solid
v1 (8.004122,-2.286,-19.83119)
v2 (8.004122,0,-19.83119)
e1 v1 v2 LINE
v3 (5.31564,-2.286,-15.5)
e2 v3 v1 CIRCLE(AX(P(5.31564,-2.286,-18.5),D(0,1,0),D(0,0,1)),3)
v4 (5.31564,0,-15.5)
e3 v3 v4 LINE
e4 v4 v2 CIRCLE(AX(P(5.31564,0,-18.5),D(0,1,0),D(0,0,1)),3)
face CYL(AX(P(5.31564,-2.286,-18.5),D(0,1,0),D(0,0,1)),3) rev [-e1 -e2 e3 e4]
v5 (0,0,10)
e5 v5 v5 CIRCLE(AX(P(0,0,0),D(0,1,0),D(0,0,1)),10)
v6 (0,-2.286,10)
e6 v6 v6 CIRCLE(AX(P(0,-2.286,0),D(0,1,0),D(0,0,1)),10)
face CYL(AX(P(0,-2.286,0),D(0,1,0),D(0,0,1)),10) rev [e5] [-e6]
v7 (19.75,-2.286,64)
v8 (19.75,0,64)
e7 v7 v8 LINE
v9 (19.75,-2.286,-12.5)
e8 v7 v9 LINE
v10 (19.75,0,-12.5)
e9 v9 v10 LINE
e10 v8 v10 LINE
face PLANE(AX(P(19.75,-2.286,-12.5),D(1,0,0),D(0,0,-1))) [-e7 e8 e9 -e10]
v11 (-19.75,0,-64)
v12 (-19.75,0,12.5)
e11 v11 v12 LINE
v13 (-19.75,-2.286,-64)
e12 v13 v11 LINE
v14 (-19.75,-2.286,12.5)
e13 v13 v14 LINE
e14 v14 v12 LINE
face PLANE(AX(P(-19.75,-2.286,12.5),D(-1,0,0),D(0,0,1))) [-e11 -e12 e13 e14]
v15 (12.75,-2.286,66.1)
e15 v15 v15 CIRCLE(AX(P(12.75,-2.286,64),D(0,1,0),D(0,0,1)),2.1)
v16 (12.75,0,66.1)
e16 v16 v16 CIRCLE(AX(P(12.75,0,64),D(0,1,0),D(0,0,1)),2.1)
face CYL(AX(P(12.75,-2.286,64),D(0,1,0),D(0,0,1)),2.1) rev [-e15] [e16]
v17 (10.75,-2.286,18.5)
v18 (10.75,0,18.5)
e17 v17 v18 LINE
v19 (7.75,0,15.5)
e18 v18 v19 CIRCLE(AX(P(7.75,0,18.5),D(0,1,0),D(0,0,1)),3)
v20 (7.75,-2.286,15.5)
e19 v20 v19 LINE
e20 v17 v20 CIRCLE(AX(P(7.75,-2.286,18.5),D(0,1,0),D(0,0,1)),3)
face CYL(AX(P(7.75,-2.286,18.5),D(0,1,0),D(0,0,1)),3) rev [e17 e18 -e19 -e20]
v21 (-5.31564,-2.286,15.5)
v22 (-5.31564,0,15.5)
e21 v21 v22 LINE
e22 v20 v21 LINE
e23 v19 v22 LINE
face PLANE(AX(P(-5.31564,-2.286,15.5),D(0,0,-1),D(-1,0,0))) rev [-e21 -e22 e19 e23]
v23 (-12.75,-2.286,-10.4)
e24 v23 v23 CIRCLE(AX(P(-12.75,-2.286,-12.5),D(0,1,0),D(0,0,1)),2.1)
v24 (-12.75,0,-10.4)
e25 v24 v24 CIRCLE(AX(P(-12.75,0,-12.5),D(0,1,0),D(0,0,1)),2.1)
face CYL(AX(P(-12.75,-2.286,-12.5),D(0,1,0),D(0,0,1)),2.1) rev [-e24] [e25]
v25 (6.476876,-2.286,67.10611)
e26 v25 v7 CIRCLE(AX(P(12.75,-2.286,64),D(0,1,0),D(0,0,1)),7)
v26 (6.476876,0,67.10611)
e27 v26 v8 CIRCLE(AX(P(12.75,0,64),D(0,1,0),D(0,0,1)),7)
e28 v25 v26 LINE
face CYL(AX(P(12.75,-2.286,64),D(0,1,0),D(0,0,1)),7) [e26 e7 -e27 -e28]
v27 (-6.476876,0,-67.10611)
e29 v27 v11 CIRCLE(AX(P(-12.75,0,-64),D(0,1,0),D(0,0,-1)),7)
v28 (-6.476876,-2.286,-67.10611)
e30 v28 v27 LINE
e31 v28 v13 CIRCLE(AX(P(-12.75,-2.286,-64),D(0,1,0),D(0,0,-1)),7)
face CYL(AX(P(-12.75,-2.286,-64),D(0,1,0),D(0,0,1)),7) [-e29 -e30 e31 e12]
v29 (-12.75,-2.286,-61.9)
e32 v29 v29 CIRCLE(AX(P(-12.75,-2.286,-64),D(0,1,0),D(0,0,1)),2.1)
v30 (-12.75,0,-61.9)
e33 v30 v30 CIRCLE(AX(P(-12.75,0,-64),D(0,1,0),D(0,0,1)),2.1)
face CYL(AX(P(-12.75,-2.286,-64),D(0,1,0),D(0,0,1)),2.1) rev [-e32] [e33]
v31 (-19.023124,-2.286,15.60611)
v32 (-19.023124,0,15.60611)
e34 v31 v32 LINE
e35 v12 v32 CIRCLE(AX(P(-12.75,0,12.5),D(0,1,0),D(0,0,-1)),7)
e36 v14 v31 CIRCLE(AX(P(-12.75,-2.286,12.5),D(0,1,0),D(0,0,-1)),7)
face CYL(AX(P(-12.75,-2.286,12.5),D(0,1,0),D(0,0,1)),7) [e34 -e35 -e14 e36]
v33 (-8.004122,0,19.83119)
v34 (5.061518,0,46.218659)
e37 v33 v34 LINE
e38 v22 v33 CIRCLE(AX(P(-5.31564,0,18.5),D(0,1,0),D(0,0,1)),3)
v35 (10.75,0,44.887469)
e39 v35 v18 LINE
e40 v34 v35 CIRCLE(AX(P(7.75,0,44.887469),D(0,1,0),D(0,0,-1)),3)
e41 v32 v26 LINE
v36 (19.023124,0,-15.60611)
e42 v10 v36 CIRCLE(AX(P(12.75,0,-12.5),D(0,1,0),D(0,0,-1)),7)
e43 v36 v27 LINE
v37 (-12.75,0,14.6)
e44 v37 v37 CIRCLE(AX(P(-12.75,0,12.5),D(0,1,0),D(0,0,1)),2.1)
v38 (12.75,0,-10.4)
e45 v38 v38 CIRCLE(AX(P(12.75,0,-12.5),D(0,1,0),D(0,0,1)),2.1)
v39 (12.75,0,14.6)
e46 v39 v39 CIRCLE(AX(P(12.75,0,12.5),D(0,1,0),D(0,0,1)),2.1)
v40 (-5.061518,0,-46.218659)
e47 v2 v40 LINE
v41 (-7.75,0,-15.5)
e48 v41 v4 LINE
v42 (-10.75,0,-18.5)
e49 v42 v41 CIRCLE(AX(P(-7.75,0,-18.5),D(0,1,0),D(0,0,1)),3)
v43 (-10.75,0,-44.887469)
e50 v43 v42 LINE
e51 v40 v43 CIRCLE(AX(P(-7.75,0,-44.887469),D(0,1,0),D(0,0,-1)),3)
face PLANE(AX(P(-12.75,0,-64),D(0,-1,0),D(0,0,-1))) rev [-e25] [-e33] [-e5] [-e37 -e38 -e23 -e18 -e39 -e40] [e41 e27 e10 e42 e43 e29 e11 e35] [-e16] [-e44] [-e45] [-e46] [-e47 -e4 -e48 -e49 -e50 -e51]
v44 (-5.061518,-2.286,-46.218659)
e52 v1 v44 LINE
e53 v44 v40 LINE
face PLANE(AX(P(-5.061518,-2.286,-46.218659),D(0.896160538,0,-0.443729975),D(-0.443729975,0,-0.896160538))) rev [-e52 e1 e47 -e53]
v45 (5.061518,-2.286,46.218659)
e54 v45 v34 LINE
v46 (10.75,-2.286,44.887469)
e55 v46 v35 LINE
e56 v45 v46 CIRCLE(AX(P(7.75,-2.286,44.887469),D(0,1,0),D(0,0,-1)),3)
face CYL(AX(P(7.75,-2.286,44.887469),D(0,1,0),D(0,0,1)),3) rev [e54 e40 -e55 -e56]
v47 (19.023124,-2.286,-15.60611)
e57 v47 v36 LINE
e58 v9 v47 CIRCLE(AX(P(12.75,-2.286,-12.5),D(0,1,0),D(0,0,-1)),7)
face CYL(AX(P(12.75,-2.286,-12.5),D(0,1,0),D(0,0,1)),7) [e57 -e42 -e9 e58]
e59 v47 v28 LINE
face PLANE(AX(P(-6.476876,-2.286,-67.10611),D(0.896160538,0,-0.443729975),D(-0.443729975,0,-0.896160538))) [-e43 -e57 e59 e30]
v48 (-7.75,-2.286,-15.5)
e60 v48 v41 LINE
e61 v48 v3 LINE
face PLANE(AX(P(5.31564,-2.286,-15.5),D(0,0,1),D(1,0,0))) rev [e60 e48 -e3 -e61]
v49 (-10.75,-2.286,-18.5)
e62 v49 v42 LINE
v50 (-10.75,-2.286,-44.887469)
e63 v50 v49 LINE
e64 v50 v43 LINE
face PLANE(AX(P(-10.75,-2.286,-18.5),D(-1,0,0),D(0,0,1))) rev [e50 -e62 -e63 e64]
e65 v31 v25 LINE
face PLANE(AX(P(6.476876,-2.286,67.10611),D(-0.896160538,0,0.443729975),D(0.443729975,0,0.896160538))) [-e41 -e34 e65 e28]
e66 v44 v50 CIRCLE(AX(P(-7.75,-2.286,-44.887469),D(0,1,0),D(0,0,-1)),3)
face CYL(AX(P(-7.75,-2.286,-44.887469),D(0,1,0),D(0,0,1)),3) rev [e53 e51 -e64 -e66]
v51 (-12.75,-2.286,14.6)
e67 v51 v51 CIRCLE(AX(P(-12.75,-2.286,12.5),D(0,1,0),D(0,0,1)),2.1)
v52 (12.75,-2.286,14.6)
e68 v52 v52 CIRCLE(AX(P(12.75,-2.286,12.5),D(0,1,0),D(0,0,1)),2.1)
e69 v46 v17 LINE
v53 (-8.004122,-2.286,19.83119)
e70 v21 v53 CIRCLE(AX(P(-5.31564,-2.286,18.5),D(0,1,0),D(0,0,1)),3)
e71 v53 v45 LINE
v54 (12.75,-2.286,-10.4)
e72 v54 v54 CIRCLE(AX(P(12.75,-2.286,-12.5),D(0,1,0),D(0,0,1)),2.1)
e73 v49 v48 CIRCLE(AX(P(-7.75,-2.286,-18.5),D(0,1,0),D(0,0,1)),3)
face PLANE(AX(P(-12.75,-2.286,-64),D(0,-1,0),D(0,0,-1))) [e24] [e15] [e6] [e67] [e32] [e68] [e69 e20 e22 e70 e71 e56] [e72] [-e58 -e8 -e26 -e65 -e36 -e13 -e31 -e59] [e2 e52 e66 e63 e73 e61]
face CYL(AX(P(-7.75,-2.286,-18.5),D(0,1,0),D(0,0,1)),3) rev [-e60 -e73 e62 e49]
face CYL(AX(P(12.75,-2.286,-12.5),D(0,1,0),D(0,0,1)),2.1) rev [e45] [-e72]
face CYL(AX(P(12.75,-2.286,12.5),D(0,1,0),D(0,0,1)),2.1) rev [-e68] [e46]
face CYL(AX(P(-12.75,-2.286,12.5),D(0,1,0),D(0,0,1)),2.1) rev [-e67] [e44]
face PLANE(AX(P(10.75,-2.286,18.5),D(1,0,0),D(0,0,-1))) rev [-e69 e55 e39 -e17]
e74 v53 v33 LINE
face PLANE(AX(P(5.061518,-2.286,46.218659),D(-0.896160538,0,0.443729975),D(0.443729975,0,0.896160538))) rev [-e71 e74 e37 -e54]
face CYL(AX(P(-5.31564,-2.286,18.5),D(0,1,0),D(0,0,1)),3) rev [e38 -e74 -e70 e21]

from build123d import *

# Parameters (mm, degrees)
SKETCH1_R           = 2.1
SKETCH1_R_2         = 10
BOSS_EXTRUDE1_DEPTH = 2.286


with BuildPart() as part:
    # Sketch1 → Boss-Extrude1 (new body)
    with BuildSketch(Plane(origin=(0, 0, 0), x_dir=(1, 0, 0), z_dir=(0, 1, 0))):
        with BuildLine():
            Line((6.476876236, -67.106109825), (-19.023123764, -15.606109825))
            ThreePointArc((-19.023123764, -15.606109825), (-19.565858946, -14.095013112), (-19.75, -12.5))
            Line((-19.75, -12.5), (-19.75, 64))
            ThreePointArc((-19.75, 64), (-14.345013112, 70.815858946), (-6.476876236, 67.106109825))
            Line((-6.476876236, 67.106109825), (19.023123764, 15.606109825))
            ThreePointArc((19.023123764, 15.606109825), (19.565858946, 14.095013112), (19.75, 12.5))
            Line((19.75, 12.5), (19.75, -64))
            ThreePointArc((19.75, -64), (14.345013112, -70.815858946), (6.476876236, -67.106109825))
        make_face()
        with Locations((-12.75, 64)):
            Circle(SKETCH1_R, mode=Mode.SUBTRACT)
        with Locations((-12.75, 12.5)):
            Circle(SKETCH1_R, mode=Mode.SUBTRACT)
        with Locations((12.75, 12.5)):
            Circle(SKETCH1_R, mode=Mode.SUBTRACT)
        with Locations((12.75, -12.5)):
            Circle(SKETCH1_R, mode=Mode.SUBTRACT)
        with Locations((12.75, -64)):
            Circle(SKETCH1_R, mode=Mode.SUBTRACT)
        with Locations((-12.75, -12.5)):
            Circle(SKETCH1_R, mode=Mode.SUBTRACT)
        Circle(SKETCH1_R_2, mode=Mode.SUBTRACT)
        with BuildLine():
            Line((-5.061518387, 46.218659407), (8.004121842, 19.831189925))
            ThreePointArc((8.004121842, 19.831189925), (7.864519372, 16.917844789), (5.315640229, 15.5))
            Line((5.315640229, 15.5), (-7.75, 15.5))
            ThreePointArc((-7.75, 15.5), (-9.871320344, 16.378679656), (-10.75, 18.5))
            Line((-10.75, 18.5), (-10.75, 44.887469482))
            ThreePointArc((-10.75, 44.887469482), (-8.433577048, 47.808551887), (-5.061518387, 46.218659407))
        make_face(mode=Mode.SUBTRACT)
        with BuildLine():
            Line((5.061518387, -46.218659407), (-8.004121842, -19.831189925))
            ThreePointArc((-8.004121842, -19.831189925), (-7.864519372, -16.917844789), (-5.315640229, -15.5))
            Line((-5.315640229, -15.5), (7.75, -15.5))
            ThreePointArc((7.75, -15.5), (9.871320344, -16.378679656), (10.75, -18.5))
            Line((10.75, -18.5), (10.75, -44.887469482))
            ThreePointArc((10.75, -44.887469482), (8.433577048, -47.808551887), (5.061518387, -46.218659407))
        make_face(mode=Mode.SUBTRACT)
    extrude(amount=-BOSS_EXTRUDE1_DEPTH)


solid = part.part
